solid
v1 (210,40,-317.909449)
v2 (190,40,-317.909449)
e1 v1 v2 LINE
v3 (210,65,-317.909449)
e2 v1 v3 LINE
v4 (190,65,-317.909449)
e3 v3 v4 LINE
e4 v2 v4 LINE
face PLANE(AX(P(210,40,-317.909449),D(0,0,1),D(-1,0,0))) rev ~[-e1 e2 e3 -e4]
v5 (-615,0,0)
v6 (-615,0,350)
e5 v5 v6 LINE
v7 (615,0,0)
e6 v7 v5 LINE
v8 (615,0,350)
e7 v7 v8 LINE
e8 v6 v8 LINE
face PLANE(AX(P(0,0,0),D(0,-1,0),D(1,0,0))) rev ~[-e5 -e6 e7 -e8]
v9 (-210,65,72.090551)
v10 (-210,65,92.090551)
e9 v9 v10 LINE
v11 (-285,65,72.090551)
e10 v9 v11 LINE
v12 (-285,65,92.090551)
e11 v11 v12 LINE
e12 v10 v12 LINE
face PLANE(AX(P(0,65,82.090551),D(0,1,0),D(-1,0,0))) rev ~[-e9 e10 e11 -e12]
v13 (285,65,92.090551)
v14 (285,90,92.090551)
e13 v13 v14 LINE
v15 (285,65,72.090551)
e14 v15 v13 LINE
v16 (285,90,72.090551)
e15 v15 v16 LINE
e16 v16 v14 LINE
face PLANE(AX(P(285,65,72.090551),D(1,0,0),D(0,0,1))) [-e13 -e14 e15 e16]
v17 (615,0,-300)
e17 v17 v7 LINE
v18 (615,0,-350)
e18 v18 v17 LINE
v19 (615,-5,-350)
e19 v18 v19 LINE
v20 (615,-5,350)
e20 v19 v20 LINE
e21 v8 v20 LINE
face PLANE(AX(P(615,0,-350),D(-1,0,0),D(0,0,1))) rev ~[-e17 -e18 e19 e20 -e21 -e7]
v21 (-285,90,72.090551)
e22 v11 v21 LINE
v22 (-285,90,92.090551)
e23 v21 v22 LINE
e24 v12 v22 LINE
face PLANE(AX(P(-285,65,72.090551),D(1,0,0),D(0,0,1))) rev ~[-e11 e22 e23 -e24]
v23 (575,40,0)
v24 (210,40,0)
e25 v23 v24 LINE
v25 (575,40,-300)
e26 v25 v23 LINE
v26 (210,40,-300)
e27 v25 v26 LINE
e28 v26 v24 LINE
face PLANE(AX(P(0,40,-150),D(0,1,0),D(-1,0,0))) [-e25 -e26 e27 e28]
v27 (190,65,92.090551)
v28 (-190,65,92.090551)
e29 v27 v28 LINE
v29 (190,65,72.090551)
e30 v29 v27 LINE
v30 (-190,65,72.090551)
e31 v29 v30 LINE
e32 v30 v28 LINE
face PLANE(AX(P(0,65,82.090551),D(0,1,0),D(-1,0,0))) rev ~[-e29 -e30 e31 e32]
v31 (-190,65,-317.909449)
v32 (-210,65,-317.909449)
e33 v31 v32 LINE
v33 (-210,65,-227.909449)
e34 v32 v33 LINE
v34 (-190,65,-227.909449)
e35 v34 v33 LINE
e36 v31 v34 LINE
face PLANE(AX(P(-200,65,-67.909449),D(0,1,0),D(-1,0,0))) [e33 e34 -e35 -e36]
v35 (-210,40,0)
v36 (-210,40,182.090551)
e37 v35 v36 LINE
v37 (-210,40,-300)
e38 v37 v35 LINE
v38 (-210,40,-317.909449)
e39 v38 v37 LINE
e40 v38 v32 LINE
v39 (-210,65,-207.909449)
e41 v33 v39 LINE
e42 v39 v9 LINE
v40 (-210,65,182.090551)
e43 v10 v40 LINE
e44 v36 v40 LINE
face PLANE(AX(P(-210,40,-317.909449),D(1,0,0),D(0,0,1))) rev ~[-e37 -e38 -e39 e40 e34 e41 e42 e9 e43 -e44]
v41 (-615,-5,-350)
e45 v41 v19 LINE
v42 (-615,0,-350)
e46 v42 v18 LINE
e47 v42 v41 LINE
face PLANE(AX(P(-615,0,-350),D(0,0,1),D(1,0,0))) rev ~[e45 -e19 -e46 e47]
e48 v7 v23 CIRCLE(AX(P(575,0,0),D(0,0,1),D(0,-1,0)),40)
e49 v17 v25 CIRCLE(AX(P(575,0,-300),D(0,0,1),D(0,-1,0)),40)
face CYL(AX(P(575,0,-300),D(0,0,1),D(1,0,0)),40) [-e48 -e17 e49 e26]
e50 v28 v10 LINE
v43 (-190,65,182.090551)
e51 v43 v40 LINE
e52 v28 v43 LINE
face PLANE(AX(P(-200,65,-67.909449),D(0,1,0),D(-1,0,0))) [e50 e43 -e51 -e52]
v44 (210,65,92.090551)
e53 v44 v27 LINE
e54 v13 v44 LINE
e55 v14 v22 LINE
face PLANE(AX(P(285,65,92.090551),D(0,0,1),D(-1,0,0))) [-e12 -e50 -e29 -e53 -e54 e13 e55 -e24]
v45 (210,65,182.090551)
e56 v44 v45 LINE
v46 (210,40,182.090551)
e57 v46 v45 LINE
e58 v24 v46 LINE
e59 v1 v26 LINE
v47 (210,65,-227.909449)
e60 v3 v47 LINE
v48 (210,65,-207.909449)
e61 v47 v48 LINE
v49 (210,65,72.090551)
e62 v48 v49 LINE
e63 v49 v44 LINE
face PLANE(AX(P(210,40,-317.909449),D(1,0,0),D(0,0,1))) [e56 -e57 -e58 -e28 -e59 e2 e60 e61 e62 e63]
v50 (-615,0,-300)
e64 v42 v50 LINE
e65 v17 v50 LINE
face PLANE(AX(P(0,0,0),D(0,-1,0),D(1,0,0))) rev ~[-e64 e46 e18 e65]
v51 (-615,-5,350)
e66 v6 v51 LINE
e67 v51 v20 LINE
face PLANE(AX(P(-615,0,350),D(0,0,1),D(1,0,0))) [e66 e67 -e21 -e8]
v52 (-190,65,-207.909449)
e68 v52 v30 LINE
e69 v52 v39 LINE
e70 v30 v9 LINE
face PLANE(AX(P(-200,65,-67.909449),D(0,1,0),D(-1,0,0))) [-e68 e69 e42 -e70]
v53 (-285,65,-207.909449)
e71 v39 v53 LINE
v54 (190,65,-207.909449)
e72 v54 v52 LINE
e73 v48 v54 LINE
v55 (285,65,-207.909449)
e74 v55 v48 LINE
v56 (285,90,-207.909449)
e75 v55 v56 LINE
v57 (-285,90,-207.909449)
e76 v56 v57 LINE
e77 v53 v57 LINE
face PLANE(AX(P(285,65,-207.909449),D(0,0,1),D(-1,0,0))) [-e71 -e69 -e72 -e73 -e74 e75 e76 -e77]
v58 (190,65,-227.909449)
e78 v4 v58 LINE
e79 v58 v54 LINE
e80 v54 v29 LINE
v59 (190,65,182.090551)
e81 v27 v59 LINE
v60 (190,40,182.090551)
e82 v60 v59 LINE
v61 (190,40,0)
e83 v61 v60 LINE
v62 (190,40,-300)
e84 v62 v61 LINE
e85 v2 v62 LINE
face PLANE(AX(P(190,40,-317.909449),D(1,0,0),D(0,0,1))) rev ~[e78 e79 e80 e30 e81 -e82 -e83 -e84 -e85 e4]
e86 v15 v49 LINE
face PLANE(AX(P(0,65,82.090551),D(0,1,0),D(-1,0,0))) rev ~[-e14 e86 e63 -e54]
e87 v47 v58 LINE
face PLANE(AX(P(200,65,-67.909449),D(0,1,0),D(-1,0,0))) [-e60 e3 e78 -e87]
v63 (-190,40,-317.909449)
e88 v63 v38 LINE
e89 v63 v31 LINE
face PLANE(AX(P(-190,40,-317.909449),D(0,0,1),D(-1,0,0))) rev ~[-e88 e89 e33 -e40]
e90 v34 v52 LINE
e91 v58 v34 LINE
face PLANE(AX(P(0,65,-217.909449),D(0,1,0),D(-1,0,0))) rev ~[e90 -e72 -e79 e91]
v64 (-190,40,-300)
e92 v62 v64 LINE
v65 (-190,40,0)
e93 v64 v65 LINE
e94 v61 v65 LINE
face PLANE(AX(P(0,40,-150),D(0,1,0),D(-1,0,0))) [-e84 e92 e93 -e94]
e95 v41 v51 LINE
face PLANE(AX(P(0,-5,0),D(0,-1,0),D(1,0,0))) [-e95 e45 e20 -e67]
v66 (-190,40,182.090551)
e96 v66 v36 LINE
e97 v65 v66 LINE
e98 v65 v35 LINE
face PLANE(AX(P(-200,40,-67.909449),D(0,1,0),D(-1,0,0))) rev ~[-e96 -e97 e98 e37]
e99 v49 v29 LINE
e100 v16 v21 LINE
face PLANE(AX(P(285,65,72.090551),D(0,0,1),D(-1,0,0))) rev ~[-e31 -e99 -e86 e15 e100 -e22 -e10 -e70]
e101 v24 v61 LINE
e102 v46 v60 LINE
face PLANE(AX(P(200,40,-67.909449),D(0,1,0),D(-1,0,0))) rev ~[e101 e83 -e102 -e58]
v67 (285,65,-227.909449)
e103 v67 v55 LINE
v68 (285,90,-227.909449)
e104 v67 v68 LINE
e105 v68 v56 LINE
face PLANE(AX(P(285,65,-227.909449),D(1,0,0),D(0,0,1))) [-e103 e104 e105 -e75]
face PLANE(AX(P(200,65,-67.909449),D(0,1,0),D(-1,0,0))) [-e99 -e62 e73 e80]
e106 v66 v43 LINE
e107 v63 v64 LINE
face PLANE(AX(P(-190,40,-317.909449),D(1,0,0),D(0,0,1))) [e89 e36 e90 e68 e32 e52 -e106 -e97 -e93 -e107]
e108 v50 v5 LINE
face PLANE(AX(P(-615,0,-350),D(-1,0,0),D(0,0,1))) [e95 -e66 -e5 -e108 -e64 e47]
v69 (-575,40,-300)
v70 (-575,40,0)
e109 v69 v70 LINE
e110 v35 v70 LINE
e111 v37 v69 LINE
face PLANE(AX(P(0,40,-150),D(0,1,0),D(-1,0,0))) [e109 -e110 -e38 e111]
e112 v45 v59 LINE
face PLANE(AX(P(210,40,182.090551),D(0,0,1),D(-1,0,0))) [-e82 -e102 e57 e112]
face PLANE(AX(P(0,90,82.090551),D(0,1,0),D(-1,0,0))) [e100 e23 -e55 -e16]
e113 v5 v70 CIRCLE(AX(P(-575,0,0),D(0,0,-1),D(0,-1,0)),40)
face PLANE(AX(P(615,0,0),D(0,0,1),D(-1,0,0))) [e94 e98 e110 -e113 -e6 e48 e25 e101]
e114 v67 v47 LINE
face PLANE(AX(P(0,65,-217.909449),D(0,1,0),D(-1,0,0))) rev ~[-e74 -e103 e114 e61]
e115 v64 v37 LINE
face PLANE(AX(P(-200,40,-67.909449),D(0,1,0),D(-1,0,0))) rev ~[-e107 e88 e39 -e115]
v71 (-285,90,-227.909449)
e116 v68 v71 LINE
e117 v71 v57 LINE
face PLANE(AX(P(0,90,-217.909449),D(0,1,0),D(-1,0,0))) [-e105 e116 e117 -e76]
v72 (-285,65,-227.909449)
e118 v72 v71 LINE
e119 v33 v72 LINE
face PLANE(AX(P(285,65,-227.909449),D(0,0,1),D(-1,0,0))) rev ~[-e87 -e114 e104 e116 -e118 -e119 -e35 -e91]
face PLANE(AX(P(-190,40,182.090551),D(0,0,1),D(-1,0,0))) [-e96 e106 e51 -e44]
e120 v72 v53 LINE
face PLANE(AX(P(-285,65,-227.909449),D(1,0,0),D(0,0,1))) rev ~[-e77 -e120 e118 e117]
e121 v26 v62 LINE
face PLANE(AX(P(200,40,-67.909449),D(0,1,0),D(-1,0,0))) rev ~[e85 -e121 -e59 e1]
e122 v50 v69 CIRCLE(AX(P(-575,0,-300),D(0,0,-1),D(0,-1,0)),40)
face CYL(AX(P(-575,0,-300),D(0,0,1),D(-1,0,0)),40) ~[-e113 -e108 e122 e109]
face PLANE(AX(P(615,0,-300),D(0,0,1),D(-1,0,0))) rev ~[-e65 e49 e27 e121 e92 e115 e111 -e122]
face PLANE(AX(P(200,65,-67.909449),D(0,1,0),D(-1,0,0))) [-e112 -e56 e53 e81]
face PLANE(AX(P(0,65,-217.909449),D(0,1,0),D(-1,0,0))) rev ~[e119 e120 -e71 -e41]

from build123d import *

# Parameters (mm, degrees)
F0_W     = 1230
F0_H     = 700
F1_DEPTH = 5
F2_W     = 1230
F2_H     = 300
F3_DEPTH = 40
F4_R     = 40
F5_W     = 20
F5_H     = 500
F6_DEPTH = 25
F7_W     = 570
F7_H     = 20
F8_DEPTH = 25


with BuildPart() as f1:
    # F0 (on Front) → F1 (new body)
    with BuildSketch(Plane.XZ):
        Rectangle(F0_W, F0_H)
    extrude(amount=F1_DEPTH)

    # F2 (on face) → F3 (join)
    with BuildSketch(Plane(origin=(0, 0, 0), x_dir=(-1, 0, 0), z_dir=(0, 1, 0))):
        with Locations((0, -150)):
            Rectangle(F2_W, F2_H)
    extrude(amount=F3_DEPTH)

    # F4
    f4_edges = [f1.edges().sort_by_distance(p)[0] for p in [
        (615, 40, -150),
        (-615, 40, -150),
    ]]
    fillet(f4_edges, radius=F4_R)

    # F5 (on face) → F6 (join)
    with BuildSketch(Plane(origin=(0, 40, 0), x_dir=(-1, 0, 0), z_dir=(0, 1, 0))):
        with Locations((-200, -67.909449)):
            Rectangle(F5_W, F5_H)
        with Locations((200, -67.909449)):
            Rectangle(F5_W, F5_H)
    extrude(amount=F6_DEPTH)

    # F7 (on face) → F8 (join)
    with BuildSketch(Plane(origin=(0, 65, 0), x_dir=(-1, 0, 0), z_dir=(0, 1, 0))):
        with Locations((0, 82.090551)):
            Rectangle(F7_W, F7_H)
        with Locations((0, -217.909449)):
            Rectangle(F7_W, F7_H)
    extrude(amount=F8_DEPTH)


solid = f1.part
